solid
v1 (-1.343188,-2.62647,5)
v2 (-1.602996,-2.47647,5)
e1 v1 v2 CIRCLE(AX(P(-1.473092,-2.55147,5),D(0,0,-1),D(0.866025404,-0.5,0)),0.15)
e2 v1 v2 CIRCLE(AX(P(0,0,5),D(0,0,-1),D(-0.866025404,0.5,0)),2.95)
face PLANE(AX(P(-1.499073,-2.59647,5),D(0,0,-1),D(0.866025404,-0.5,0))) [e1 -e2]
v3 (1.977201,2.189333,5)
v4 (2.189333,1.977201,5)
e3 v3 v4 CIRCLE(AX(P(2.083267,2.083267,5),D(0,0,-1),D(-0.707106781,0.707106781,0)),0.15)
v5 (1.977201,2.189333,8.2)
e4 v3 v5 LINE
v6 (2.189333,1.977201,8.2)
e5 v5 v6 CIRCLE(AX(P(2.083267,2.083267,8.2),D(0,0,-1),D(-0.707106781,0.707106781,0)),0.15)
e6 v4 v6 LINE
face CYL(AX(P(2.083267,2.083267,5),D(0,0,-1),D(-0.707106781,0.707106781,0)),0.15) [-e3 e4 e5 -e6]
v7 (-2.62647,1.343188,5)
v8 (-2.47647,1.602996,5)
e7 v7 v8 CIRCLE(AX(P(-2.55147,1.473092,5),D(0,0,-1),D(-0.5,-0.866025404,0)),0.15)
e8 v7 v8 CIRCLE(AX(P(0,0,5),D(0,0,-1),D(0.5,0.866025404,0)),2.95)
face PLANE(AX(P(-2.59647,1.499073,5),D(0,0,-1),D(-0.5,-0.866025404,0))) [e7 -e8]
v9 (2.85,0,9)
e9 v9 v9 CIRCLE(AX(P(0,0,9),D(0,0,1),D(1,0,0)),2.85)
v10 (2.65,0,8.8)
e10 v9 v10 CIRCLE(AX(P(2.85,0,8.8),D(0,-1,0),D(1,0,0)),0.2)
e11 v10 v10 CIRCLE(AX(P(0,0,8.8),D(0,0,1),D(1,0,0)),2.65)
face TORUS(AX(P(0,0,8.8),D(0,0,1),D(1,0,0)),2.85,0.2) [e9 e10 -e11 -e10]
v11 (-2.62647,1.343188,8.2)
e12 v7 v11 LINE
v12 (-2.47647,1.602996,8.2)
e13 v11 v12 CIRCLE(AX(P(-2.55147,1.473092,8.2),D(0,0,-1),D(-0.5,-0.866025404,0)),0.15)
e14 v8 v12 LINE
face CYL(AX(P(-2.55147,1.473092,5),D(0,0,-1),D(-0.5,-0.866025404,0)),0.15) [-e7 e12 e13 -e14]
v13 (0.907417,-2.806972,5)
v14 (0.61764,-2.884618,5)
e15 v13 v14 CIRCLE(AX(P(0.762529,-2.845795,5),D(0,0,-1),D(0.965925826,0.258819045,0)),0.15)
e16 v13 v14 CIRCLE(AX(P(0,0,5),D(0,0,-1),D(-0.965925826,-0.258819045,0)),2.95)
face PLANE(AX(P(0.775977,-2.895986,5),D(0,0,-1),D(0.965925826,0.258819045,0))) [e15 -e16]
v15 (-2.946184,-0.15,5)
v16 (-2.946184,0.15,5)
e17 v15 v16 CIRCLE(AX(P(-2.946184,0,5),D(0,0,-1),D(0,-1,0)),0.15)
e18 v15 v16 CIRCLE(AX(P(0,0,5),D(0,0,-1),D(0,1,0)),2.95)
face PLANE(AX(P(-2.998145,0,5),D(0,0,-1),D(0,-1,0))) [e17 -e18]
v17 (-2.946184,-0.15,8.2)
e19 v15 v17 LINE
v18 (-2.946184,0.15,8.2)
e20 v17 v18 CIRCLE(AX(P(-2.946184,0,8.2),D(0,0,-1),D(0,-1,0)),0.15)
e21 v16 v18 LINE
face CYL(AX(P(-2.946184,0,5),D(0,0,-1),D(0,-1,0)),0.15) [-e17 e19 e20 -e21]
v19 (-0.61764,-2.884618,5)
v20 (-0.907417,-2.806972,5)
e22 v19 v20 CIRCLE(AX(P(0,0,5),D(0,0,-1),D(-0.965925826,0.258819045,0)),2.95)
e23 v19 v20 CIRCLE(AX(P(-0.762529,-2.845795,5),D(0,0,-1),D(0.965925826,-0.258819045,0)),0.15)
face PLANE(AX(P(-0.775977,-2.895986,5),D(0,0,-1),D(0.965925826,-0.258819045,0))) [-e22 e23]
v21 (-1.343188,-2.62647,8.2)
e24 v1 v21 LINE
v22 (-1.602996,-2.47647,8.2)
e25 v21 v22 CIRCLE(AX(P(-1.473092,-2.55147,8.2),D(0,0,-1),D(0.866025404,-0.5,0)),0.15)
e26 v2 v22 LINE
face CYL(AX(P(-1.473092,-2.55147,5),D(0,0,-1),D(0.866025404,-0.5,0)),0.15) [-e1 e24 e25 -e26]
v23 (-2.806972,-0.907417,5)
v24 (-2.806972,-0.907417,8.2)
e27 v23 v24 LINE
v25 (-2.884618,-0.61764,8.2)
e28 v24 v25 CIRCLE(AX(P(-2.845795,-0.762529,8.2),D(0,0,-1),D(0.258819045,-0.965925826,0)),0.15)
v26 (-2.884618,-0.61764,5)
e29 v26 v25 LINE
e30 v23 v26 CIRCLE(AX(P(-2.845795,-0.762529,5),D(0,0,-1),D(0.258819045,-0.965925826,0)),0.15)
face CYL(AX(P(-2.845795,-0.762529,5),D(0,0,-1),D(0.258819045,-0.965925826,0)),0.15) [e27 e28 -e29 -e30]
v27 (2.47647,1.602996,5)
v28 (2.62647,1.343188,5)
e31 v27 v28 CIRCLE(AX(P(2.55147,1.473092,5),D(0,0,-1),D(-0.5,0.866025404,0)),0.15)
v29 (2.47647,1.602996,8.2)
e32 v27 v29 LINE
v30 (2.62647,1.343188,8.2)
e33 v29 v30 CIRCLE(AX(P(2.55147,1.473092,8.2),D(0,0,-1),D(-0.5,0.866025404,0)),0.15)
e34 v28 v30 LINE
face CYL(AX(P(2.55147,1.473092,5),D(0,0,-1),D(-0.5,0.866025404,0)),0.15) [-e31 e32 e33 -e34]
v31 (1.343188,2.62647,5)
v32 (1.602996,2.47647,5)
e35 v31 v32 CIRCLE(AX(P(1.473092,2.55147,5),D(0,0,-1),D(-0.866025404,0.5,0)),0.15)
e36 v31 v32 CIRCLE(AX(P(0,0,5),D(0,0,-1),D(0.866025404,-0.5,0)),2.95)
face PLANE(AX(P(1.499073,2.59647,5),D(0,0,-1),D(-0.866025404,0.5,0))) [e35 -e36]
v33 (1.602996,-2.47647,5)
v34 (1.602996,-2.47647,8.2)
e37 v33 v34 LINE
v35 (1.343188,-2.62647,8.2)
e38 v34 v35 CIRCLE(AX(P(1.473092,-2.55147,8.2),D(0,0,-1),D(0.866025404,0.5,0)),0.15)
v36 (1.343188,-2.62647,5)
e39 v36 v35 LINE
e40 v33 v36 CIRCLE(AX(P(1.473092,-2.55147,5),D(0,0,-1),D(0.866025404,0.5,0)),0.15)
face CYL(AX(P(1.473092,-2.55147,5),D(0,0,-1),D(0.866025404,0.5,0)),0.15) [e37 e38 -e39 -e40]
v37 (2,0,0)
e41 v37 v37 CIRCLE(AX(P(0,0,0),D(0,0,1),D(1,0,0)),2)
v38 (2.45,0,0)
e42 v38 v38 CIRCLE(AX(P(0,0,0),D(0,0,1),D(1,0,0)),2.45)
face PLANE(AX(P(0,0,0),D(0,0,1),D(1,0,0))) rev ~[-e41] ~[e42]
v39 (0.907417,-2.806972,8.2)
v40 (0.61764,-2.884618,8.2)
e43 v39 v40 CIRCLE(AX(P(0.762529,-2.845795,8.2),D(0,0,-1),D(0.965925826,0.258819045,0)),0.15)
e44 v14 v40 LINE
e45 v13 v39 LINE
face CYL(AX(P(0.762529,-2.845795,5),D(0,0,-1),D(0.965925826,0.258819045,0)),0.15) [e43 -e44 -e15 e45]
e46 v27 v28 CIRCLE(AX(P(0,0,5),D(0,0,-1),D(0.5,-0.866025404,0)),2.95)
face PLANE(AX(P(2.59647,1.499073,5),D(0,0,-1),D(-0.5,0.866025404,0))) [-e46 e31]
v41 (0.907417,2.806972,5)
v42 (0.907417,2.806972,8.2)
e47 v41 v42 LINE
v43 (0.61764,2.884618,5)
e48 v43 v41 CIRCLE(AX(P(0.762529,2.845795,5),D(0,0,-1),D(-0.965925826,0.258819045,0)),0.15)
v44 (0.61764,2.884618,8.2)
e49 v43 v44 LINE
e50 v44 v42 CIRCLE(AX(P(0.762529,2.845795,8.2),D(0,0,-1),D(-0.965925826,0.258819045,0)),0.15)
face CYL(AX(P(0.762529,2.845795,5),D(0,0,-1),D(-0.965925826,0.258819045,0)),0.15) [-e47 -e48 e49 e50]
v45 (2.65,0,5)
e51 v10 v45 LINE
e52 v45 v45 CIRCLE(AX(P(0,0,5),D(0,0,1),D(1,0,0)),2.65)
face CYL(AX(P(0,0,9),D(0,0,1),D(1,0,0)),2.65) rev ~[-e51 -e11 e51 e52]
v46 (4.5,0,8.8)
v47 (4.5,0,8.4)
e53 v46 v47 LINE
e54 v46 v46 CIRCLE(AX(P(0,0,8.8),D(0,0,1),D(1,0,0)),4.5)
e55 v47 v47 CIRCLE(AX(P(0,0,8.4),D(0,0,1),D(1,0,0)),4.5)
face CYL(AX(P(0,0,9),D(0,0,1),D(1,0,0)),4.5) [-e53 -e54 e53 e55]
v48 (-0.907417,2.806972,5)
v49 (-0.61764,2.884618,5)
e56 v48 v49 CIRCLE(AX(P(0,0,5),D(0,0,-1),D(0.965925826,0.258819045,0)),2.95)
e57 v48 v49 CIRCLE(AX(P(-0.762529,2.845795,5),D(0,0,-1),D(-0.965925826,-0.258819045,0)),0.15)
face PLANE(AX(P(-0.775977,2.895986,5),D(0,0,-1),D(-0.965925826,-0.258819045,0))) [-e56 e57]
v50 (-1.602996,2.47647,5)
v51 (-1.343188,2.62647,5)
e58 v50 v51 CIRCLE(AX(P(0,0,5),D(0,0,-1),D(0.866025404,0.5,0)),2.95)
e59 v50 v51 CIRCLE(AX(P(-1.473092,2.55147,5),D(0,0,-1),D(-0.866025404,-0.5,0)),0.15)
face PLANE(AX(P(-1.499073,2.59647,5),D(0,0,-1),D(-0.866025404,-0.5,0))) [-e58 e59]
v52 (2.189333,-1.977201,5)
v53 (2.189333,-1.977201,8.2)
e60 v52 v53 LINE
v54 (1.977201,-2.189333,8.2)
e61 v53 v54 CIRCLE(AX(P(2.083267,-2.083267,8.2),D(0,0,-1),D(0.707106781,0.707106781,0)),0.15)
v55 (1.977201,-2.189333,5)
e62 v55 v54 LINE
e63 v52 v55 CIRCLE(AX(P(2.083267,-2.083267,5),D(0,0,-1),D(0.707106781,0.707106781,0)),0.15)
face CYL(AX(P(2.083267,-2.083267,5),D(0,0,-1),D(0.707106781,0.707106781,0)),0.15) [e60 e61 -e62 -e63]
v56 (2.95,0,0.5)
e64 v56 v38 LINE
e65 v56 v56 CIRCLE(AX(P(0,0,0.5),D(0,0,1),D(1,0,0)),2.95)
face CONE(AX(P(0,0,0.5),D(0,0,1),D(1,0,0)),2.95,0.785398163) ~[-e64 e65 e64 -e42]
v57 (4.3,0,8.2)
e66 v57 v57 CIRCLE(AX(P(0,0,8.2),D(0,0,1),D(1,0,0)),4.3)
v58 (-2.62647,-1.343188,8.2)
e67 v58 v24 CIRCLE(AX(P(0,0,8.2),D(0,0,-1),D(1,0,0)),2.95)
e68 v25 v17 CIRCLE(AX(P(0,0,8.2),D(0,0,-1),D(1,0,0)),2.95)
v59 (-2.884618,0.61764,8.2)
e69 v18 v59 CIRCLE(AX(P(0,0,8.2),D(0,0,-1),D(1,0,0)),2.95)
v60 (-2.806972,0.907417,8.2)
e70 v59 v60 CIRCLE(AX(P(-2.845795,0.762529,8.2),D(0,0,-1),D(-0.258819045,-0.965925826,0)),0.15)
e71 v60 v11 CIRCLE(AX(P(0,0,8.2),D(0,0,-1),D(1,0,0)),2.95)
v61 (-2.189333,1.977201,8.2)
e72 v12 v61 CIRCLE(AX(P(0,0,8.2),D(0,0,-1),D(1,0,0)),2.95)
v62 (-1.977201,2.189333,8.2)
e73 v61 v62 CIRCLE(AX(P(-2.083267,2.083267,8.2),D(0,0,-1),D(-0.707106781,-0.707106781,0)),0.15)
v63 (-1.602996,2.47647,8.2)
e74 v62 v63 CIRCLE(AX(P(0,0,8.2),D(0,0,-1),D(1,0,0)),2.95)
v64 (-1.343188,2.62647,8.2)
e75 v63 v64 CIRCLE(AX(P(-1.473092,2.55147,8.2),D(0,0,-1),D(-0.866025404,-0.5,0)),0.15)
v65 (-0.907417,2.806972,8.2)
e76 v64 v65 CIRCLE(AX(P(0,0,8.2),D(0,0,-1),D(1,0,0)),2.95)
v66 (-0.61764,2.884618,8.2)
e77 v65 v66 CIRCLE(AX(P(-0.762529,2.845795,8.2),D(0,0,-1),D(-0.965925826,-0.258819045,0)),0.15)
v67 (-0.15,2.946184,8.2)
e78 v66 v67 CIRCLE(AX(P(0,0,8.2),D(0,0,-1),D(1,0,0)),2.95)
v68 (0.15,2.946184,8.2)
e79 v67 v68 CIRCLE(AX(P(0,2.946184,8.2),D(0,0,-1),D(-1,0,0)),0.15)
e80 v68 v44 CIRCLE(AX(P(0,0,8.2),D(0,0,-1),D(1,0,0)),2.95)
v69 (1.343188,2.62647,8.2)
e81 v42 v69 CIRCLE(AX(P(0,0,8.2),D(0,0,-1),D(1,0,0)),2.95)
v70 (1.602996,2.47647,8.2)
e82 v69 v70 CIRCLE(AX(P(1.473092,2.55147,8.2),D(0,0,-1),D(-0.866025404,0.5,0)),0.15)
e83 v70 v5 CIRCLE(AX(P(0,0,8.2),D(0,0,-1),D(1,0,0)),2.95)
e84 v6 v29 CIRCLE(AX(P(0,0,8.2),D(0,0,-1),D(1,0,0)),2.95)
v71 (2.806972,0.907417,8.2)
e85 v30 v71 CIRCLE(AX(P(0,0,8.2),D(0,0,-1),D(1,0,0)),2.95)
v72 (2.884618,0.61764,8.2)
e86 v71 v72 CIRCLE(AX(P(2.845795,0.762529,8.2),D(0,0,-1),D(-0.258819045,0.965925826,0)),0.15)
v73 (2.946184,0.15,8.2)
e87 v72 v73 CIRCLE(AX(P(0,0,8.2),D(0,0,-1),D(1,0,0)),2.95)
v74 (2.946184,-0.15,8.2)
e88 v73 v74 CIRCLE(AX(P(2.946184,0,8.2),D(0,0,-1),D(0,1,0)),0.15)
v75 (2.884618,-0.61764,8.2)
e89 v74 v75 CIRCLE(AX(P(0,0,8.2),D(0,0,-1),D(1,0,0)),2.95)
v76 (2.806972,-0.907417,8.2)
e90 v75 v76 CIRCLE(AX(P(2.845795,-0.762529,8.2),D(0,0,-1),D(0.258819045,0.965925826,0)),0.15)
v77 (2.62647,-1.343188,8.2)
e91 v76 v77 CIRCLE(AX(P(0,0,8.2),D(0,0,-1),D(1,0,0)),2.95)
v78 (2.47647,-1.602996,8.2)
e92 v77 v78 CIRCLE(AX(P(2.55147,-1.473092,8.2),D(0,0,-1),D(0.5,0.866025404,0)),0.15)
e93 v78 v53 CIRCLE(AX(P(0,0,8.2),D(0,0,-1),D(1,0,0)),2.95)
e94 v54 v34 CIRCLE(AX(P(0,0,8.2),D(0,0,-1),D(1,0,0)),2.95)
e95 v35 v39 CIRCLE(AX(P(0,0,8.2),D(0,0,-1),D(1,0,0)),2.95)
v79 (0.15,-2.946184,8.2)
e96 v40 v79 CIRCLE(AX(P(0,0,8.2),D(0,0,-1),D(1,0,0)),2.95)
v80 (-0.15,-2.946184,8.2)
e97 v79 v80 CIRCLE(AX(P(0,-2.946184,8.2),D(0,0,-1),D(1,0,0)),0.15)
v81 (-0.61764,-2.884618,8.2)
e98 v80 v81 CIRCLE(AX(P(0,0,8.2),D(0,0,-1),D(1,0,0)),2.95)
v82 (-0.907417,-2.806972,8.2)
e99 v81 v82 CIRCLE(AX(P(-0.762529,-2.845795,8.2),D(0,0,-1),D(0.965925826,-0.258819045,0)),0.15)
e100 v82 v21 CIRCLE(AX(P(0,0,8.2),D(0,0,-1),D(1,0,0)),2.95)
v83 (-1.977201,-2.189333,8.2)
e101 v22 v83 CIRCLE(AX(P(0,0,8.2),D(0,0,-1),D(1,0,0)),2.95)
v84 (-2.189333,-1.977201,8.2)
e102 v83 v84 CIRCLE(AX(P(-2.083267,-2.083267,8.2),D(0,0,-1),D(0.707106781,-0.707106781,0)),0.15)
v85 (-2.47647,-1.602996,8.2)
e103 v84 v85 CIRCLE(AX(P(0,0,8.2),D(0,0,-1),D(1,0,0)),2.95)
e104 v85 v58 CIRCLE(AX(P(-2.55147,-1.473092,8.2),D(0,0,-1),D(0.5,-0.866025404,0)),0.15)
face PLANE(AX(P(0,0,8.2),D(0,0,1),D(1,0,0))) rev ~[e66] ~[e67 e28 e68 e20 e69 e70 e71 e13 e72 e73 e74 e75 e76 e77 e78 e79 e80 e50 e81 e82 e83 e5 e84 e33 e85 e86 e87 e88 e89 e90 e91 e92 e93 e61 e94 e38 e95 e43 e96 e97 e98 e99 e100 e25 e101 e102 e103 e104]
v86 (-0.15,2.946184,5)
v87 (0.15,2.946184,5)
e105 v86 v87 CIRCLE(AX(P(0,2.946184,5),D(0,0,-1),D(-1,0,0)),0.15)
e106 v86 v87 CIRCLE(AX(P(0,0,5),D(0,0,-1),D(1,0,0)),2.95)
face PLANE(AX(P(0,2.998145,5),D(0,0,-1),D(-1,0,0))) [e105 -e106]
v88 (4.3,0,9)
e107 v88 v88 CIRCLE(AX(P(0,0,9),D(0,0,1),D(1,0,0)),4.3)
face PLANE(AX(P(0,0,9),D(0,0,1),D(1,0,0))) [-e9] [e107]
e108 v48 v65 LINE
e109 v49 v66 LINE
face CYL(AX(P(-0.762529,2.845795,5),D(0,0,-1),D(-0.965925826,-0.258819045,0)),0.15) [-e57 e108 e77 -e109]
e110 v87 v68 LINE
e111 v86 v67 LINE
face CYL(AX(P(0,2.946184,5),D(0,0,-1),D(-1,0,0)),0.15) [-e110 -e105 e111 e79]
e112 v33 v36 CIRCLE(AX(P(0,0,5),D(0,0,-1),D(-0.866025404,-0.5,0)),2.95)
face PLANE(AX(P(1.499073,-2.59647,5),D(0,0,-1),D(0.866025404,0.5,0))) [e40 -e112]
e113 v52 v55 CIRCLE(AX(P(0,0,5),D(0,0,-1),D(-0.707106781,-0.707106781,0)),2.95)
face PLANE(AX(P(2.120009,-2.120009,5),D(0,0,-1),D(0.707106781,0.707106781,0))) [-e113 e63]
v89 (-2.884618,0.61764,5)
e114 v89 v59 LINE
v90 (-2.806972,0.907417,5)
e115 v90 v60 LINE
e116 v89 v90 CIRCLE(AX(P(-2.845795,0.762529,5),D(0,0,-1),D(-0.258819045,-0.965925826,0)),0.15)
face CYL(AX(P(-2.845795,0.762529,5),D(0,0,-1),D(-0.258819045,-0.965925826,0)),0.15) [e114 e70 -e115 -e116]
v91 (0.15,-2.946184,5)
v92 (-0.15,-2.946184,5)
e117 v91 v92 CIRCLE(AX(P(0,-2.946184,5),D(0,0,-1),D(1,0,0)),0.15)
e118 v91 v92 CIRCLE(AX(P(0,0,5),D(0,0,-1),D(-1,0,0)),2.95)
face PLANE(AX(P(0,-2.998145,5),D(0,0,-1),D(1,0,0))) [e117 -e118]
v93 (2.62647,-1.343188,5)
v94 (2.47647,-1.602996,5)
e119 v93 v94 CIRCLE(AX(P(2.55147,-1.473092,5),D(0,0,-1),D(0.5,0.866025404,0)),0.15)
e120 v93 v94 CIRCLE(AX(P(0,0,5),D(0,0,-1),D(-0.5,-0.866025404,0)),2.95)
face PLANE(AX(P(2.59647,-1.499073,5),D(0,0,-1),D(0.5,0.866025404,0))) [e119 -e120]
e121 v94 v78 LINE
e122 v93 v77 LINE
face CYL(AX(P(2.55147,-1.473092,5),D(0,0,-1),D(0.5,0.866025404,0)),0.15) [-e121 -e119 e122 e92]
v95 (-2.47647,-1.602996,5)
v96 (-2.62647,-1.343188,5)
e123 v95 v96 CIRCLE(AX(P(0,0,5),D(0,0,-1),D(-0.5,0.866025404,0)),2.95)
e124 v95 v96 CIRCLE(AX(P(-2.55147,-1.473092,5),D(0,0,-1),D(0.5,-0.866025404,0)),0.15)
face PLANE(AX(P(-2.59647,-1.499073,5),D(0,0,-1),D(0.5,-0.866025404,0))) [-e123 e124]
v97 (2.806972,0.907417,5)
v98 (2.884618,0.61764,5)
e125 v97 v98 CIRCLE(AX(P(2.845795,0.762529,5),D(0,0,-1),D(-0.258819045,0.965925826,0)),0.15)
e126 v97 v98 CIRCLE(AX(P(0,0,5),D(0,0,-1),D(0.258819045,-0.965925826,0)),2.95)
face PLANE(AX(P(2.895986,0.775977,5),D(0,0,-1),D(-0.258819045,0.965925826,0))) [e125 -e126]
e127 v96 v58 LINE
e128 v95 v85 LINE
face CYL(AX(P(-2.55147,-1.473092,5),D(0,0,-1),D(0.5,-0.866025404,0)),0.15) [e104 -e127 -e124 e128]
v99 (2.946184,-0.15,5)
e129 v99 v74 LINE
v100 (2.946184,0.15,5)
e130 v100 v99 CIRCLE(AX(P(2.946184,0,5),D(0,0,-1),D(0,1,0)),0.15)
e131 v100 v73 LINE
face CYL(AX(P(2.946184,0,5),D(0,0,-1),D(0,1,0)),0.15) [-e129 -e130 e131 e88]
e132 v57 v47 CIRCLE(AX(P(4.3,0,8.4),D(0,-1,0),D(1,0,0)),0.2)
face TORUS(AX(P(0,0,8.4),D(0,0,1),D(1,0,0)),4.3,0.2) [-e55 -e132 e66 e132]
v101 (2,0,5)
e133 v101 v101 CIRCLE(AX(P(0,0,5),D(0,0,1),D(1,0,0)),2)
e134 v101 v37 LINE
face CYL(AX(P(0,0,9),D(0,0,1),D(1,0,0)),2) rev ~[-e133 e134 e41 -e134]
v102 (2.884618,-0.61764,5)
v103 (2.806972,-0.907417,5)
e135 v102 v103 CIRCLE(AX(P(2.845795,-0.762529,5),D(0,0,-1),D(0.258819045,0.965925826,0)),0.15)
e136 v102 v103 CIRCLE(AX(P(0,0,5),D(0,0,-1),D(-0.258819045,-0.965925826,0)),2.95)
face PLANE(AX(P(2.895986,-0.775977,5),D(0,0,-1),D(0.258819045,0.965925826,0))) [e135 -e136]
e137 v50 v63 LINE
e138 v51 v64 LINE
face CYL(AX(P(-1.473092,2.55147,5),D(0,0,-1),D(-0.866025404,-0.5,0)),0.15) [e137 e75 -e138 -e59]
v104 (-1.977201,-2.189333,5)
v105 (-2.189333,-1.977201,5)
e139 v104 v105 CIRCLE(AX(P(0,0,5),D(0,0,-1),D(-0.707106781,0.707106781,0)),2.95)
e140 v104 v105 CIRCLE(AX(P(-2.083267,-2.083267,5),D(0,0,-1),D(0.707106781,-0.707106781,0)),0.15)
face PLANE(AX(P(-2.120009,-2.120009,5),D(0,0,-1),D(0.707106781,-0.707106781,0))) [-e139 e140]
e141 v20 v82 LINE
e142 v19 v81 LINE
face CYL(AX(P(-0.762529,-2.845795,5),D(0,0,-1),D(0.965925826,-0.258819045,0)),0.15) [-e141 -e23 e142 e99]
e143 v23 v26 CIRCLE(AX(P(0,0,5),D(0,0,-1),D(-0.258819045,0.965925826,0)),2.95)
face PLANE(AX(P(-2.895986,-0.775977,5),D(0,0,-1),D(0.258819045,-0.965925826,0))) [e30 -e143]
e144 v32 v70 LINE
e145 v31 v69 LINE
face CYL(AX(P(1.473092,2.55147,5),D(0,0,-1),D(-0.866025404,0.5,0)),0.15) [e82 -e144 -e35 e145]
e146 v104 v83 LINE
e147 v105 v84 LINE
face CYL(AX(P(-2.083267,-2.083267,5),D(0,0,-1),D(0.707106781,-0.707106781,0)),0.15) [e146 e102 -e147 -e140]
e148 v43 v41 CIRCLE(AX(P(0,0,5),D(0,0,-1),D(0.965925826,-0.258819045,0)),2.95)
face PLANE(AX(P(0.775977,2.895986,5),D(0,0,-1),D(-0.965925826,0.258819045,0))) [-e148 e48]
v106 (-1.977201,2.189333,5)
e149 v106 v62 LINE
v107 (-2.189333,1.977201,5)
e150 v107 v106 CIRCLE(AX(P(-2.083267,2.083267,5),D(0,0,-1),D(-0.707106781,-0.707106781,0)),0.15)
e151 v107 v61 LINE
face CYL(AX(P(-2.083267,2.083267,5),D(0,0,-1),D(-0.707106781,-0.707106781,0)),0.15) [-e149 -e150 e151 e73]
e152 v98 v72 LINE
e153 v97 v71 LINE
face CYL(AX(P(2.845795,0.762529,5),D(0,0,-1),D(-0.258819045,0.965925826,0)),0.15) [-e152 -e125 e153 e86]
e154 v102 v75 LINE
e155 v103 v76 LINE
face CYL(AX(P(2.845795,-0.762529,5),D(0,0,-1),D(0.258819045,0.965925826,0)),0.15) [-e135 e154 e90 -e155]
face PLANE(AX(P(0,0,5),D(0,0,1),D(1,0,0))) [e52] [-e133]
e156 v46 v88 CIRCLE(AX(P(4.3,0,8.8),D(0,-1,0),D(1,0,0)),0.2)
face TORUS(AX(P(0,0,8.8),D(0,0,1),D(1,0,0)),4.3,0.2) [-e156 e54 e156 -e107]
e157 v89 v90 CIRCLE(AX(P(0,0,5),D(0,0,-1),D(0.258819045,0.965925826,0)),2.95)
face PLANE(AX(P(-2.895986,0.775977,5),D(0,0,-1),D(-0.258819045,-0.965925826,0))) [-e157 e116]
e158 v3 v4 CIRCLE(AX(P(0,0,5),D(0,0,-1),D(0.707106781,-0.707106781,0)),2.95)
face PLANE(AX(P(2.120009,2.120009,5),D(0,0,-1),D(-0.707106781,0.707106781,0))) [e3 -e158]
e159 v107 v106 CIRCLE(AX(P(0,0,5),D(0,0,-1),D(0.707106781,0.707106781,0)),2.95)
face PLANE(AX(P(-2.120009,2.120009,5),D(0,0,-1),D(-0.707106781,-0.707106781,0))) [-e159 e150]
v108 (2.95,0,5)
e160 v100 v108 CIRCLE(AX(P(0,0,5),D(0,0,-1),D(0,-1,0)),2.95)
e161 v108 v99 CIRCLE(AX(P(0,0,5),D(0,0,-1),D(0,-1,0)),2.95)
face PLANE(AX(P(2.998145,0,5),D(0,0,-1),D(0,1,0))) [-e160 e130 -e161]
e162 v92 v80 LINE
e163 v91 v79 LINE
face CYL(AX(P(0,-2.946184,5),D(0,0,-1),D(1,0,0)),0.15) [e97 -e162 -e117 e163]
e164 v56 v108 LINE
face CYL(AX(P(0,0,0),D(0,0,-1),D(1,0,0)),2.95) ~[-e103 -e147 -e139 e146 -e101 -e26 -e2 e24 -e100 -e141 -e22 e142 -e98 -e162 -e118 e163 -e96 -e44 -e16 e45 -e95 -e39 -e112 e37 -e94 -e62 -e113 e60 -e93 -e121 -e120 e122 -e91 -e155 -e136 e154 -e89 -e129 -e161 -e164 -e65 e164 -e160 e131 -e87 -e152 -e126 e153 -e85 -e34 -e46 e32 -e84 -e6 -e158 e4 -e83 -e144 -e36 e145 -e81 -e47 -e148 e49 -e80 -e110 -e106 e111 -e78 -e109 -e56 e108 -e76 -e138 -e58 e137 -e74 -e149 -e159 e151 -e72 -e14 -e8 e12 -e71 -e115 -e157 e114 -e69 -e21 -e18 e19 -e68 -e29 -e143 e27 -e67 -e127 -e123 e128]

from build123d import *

# Parameters (mm, degrees)
SKETCH_1_R               = 2.95
EXTRUDE_1_DEPTH          = 9
SKETCH_2_R               = 4.5
SKETCH_2_R_2             = 2.6
EXTRUDE_2_DEPTH          = 0.8
SKETCH_3_R               = 2
CUT_EXTRUDE_1_DEPTH      = 12.022703843
EXTRUDE_3_REACH          = 10.093
PATTERN_CIRCULAR_1_COUNT = 24
CHAMFER_2_SIZE           = 0.5
FILLET_1_R               = 0.2
SKETCH_6_R               = 2.65
SKETCH_6_R_2             = 2
CUT_EXTRUDE_2_DEPTH      = 4
FILLET_2_R               = 0.2


with BuildPart() as part:
    # Эскиз1 → Вытянуть1 (new body)
    with BuildSketch(Plane.XY):
        Circle(SKETCH_1_R)
    extrude(amount=EXTRUDE_1_DEPTH)

    # Эскиз2 → Вытянуть2 (add)
    with BuildSketch(Plane.XY.offset(9)):
        Circle(SKETCH_2_R)
        Circle(SKETCH_2_R_2, mode=Mode.SUBTRACT)
    extrude(amount=-EXTRUDE_2_DEPTH)

    # Эскиз3 → Вырез-Вытянуть1 (cut, through all)
    with BuildSketch(Plane.XY.offset(9)):
        Circle(SKETCH_3_R)
    extrude(amount=-CUT_EXTRUDE_1_DEPTH, mode=Mode.SUBTRACT)

    # Эскиз4 → Вытянуть3 (add, up to next)
    with BuildSketch(Plane.XY.offset(5), mode=Mode.PRIVATE) as extrude_3_sk1:
        with BuildLine():
            Line((0.15, 2.946183973), (-0.15, 2.946183973))
            ThreePointArc((-0.15, 2.946183973), (0, 3.096183973), (0.15, 2.946183973))
        make_face()
    extrude_3_tool1 = extrude(extrude_3_sk1.sketch, amount=EXTRUDE_3_REACH, mode=Mode.PRIVATE) - part.part
    extrude_3 = extrude_3_tool1.solids().sort_by_distance((0, 3.009846, 5))[0]
    add(extrude_3)

    # Круговой массив1: Вытянуть3 ×24 about axis
    pattern_circular_1_axis = Axis((0, 0, 0), (0, 0, 1))
    for i in range(1, PATTERN_CIRCULAR_1_COUNT):
        add(extrude_3.rotate(pattern_circular_1_axis, i * 360 / PATTERN_CIRCULAR_1_COUNT))

    # Фаска2
    chamfer_2_edges = [part.edges().sort_by_distance(p)[0] for p in [
        (-2.95, 0, 0),
    ]]
    chamfer(chamfer_2_edges, length=CHAMFER_2_SIZE)

    # Скругление1
    fillet_1_edges = [part.edges().sort_by_distance(p)[0] for p in [
        (-4.5, 0, 9),
        (-4.5, 0, 8.2),
    ]]
    fillet(fillet_1_edges, radius=FILLET_1_R)

    # Эскиз6 → Вырез-Вытянуть2 (cut)
    with BuildSketch(Plane.XY.offset(9)):
        Circle(SKETCH_6_R)
        Circle(SKETCH_6_R_2, mode=Mode.SUBTRACT)
    extrude(amount=-CUT_EXTRUDE_2_DEPTH, mode=Mode.SUBTRACT)

    # Скругление2
    fillet_2_edges = [part.edges().sort_by_distance(p)[0] for p in [
        (-2.65, 0, 9),
    ]]
    fillet(fillet_2_edges, radius=FILLET_2_R)


solid = part.part
